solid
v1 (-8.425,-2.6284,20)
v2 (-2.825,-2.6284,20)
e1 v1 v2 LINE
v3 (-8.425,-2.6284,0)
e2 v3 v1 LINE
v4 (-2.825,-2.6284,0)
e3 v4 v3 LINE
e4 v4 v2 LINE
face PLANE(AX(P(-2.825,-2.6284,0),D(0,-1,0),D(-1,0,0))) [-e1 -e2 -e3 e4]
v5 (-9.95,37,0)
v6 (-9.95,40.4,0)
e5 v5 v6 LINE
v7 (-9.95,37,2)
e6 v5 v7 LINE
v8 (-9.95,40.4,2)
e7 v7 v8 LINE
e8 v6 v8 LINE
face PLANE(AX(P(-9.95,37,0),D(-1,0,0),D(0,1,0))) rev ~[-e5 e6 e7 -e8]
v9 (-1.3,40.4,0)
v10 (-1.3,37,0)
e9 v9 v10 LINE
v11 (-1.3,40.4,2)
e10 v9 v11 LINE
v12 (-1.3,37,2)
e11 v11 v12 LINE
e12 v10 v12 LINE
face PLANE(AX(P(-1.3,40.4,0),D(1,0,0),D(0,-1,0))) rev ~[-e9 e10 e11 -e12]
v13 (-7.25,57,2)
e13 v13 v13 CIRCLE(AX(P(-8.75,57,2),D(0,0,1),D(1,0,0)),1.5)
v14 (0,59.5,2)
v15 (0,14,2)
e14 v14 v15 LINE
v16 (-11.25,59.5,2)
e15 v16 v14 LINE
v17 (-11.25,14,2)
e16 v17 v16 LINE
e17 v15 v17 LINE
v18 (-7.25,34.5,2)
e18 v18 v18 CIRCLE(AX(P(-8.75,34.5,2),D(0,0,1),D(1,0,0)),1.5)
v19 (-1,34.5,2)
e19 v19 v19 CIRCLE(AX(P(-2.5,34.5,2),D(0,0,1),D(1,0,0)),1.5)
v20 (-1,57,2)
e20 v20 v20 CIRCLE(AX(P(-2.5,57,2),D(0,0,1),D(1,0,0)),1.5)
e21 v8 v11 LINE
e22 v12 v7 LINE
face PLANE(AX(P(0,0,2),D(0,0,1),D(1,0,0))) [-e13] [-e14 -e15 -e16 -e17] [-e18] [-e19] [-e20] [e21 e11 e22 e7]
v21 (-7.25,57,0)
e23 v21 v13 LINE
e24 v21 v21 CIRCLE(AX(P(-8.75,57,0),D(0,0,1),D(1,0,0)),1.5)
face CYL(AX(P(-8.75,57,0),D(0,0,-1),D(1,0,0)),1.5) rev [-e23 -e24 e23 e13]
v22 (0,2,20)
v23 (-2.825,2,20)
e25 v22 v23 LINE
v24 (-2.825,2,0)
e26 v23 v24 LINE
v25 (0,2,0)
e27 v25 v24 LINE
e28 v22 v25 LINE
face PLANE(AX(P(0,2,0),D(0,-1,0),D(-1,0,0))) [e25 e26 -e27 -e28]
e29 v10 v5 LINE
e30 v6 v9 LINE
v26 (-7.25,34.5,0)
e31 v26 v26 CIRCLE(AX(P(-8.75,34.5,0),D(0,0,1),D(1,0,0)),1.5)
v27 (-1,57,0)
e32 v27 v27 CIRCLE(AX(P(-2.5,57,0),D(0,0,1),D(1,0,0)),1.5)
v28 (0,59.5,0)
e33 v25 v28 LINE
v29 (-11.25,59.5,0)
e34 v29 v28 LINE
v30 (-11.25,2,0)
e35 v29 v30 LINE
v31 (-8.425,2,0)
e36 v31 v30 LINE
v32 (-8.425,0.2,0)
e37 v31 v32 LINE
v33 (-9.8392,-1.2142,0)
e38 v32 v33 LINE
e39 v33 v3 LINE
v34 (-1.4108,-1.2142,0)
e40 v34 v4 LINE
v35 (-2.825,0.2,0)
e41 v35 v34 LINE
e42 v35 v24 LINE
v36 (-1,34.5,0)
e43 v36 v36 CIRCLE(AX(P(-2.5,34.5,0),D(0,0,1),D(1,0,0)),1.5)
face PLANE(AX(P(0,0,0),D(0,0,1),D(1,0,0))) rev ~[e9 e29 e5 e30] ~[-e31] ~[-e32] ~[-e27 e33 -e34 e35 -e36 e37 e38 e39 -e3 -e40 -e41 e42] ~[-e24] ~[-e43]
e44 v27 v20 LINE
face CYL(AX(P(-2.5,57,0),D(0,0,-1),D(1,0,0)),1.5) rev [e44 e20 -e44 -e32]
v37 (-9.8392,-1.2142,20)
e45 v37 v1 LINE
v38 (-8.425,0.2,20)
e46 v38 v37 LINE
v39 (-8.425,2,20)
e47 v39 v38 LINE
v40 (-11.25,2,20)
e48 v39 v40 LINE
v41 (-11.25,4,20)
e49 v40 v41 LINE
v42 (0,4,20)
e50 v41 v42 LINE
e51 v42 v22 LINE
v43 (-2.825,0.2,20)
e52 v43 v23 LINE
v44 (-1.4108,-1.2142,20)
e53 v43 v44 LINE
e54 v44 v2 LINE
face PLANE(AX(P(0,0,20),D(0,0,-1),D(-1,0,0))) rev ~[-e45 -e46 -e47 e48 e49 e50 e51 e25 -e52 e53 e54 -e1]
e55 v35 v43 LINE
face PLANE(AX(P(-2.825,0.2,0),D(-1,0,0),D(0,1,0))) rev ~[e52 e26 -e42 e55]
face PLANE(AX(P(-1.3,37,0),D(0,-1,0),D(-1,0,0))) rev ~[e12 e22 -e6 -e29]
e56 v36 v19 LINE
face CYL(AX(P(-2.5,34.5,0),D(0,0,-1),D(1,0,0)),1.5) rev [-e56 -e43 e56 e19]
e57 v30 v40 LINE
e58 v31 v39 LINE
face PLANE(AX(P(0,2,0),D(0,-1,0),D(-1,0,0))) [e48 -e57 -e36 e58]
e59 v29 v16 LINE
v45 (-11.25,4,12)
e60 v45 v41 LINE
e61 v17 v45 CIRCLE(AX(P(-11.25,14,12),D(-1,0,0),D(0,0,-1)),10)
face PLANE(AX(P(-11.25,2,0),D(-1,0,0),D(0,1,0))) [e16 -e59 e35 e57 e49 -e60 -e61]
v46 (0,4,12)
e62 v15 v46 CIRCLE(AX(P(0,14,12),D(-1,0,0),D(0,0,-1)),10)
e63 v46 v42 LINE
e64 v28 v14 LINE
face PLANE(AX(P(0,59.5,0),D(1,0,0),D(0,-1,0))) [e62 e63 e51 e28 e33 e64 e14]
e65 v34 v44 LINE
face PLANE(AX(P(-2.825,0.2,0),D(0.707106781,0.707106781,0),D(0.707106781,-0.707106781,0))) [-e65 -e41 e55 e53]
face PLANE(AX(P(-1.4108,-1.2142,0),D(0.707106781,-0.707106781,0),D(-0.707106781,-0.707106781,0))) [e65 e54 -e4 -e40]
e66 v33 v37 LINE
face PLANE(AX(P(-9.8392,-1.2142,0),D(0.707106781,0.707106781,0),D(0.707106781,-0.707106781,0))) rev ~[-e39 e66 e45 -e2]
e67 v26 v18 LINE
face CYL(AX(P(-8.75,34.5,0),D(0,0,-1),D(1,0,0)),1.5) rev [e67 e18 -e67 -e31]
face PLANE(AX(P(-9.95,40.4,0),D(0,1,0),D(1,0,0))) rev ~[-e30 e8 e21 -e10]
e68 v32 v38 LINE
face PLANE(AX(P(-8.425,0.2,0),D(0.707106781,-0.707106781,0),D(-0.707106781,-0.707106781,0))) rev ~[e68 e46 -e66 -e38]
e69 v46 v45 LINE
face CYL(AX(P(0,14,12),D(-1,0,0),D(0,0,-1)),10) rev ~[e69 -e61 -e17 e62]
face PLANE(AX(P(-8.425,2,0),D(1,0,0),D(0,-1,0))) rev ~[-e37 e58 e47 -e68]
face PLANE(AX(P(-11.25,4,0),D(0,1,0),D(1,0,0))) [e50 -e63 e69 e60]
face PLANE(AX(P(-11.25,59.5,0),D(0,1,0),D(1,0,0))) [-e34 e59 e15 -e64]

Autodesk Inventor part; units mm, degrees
ref_plane "YZ Plane" through (0, 0, 0) normal (1, 0, 0) x (0, 1, 0)
ref_plane "XZ Plane" through (0, 0, 0) normal (0, 1, 0) x (-1, 0, 0)
ref_plane "XY Plane" through (0, 0, 0) normal (0, 0, 1) x (1, 0, 0)
sketch "Sketch1" plane through (0, 0, 0) normal (0, 0, 1) x (1, 0, 0)
  line L0 (-11.25, 59.5) -> (-8.75, 59.5) construction
  line L1 (-8.75, 59.5) -> (-8.75, 57) construction
  line L2 (-8.75, 57) -> (-11.25, 57) construction
  line L3 (-11.25, 57) -> (-11.25, 59.5) construction
  line L4 (0, 59.5) -> (-11.25, 59.5) construction
  circle A0 centre (-8.75, 57) radius 1.5
  line L5 (-8.75, 57) -> (-2.5, 57) construction
  line L6 (-2.5, 57) -> (-2.5, 34.5) construction
  line L7 (-2.5, 34.5) -> (-8.75, 34.5) construction
  line L8 (-8.75, 34.5) -> (-8.75, 57) construction
  circle A1 centre (-8.75, 34.5) radius 1.5
  circle A2 centre (-2.5, 34.5) radius 1.5
  circle A3 centre (-2.5, 57) radius 1.5
  line L9 (-11.25, 59.5) -> (0, 59.5)
  line L10 (0, 59.5) -> (0, 2)
  line L11 (0, 2) -> (-11.25, 2)
  line L12 (-11.25, 2) -> (-11.25, 59.5)
  line L13 (-9.95, 40.4) -> (0, 40.4) construction
  line L14 (-1.3, 40.4) -> (0, 40.4) construction
  line L15 (-9.95, 37) -> (0, 37) construction
  line L16 (-9.95, 40.4) -> (-1.3, 40.4)
  line L17 (-1.3, 40.4) -> (-1.3, 37)
  line L18 (-1.3, 37) -> (-9.95, 37)
  line L19 (-9.95, 37) -> (-9.95, 40.4)
  line L20 (0, 59.5) -> (-1.3, 59.5) construction
  line L21 (-1.3, 59.5) -> (-1.3, 40.4) construction
  line L22 (-1.3, 40.4) -> (0, 40.4) construction
  line L23 (0, 40.4) -> (0, 59.5) construction
  line L24 (0, 59.5) -> (-9.95, 59.5) construction
  line L25 (-9.95, 59.5) -> (-9.95, 37) construction
  line L26 (-9.95, 37) -> (0, 37) construction
  line L27 (0, 37) -> (0, 59.5) construction
  point P0 (0, 0)
  dimension "d0" = 2.5
  dimension "d1" = 2.5
  dimension "d2" = 3
  dimension "d3" = 6.25
  dimension "d4" = 22.5
  dimension "d5" = 3
  dimension "d6" = 3
  dimension "d7" = 3
  dimension "d8" = 11.25
  dimension "d9" = 57.5
  dimension "d10" = 9.95
  dimension "d11" = 1.3
extrude "Extrusion1" add sketch "Sketch1" along normal blind 2
sketch "Sketch2" plane through (0, 2, 0) normal (1, 0, 0) x (0, 0, -1)
  line L0 (0, 0) -> (0, 57.5) construction
  line L1 (0, 0) -> (18, 0) construction
  line L2 (18, 0) -> (18, -30) construction
  line L3 (18, 0) -> (48, 0) construction
  line L4 (18, -30) -> (18, -17) construction
  point P0 (0, -2)
  dimension "d14" = 18
  dimension "d15" = 30
  dimension "d16" = 90
  dimension "d17" = 13
sketch "Sketch7" plane through (0, 0, 0) normal (0, 0, -1) x (-1, 0, 0)
  line L0 (1.4108, -1.2142) -> (2.825, -2.6284)
  line L1 (2.825, 0.2) -> (1.4108, -1.2142)
  line L2 (2.825, 0.2) -> (2.825, 2)
  line L3 (5.625, 0.2) -> (5.625, 2) construction
  line L4 (2.825, -2.6284) -> (5.625, -2.6284)
  line L5 (5.625, 2) -> (5.625, -3) construction
  line L6 (8.425, -2.6284) -> (5.625, -2.6284)
  line L7 (8.425, 0.2) -> (5.625, 0.2) construction
  line L8 (8.425, 2) -> (8.425, 0.2) construction
  line L9 (8.425, 2) -> (8.425, 0.2)
  line L10 (8.425, 0.2) -> (9.8392, -1.2142)
  line L11 (9.8392, -1.2142) -> (8.425, -2.6284)
  line L12 (8.425, 0.2) -> (10.425, 0.2) construction
  line L13 (9.95, 37) -> (1.3, 37) projected
  line L14 (1.3, 37) -> (1.3, 40.4) projected
  line L15 (1.3, 40.4) -> (9.95, 40.4) projected
  line L16 (9.95, 40.4) -> (9.95, 37) projected
  circle A0 centre (2.5, 57) radius 1.5 projected
  circle A1 centre (8.75, 57) radius 1.5 projected
  circle A2 centre (2.5, 34.5) radius 1.5 projected
  circle A3 centre (8.75, 34.5) radius 1.5 projected
  line L17 (11.25, 59.5) -> (0, 59.5) projected
  line L18 (0, 59.5) -> (0, 2) projected
  line L19 (0, 2) -> (11.25, 2) projected
  line L20 (11.25, 2) -> (11.25, 59.5) projected
  line L21 (11.25, 2) -> (0, 2) construction
  line L22 (5.625, 2) -> (5.625, 3.9478) construction
  line L23 (2.825, 2) -> (8.425, 2)
  line L24 (2.825, 2) -> (8.425, 2)
  line L25 (8.425, 2) -> (8.425, 0.2)
  line L26 (8.425, 0.2) -> (2.825, 0.2)
  line L27 (2.825, 0.2) -> (2.825, 2)
  line L28 (0, 2) -> (11.25, 2)
  line L29 (11.25, 2) -> (11.25, 4)
  line L30 (11.25, 4) -> (0, 4)
  line L31 (0, 4) -> (0, 2)
  dimension "d24" = 5
  dimension "d25" = 2.8
  dimension "d26" = 1.8
  dimension "d28" = 1.8
  dimension "d29" = 2
  dimension "d30" = 45
  dimension "d31" = 2
  dimension "d37" = 2
extrude "Extrusion2" add sketch "Sketch7" against normal blind 20 contours L1 L26 L10 L11 L6 L4 L0 | L2 L19 L9 L26 | L19 L18 L30 L20
fillet "Fillet1" radius 10 1 edges at (-5.625, 4, 2)
properties part number "prox_base"
